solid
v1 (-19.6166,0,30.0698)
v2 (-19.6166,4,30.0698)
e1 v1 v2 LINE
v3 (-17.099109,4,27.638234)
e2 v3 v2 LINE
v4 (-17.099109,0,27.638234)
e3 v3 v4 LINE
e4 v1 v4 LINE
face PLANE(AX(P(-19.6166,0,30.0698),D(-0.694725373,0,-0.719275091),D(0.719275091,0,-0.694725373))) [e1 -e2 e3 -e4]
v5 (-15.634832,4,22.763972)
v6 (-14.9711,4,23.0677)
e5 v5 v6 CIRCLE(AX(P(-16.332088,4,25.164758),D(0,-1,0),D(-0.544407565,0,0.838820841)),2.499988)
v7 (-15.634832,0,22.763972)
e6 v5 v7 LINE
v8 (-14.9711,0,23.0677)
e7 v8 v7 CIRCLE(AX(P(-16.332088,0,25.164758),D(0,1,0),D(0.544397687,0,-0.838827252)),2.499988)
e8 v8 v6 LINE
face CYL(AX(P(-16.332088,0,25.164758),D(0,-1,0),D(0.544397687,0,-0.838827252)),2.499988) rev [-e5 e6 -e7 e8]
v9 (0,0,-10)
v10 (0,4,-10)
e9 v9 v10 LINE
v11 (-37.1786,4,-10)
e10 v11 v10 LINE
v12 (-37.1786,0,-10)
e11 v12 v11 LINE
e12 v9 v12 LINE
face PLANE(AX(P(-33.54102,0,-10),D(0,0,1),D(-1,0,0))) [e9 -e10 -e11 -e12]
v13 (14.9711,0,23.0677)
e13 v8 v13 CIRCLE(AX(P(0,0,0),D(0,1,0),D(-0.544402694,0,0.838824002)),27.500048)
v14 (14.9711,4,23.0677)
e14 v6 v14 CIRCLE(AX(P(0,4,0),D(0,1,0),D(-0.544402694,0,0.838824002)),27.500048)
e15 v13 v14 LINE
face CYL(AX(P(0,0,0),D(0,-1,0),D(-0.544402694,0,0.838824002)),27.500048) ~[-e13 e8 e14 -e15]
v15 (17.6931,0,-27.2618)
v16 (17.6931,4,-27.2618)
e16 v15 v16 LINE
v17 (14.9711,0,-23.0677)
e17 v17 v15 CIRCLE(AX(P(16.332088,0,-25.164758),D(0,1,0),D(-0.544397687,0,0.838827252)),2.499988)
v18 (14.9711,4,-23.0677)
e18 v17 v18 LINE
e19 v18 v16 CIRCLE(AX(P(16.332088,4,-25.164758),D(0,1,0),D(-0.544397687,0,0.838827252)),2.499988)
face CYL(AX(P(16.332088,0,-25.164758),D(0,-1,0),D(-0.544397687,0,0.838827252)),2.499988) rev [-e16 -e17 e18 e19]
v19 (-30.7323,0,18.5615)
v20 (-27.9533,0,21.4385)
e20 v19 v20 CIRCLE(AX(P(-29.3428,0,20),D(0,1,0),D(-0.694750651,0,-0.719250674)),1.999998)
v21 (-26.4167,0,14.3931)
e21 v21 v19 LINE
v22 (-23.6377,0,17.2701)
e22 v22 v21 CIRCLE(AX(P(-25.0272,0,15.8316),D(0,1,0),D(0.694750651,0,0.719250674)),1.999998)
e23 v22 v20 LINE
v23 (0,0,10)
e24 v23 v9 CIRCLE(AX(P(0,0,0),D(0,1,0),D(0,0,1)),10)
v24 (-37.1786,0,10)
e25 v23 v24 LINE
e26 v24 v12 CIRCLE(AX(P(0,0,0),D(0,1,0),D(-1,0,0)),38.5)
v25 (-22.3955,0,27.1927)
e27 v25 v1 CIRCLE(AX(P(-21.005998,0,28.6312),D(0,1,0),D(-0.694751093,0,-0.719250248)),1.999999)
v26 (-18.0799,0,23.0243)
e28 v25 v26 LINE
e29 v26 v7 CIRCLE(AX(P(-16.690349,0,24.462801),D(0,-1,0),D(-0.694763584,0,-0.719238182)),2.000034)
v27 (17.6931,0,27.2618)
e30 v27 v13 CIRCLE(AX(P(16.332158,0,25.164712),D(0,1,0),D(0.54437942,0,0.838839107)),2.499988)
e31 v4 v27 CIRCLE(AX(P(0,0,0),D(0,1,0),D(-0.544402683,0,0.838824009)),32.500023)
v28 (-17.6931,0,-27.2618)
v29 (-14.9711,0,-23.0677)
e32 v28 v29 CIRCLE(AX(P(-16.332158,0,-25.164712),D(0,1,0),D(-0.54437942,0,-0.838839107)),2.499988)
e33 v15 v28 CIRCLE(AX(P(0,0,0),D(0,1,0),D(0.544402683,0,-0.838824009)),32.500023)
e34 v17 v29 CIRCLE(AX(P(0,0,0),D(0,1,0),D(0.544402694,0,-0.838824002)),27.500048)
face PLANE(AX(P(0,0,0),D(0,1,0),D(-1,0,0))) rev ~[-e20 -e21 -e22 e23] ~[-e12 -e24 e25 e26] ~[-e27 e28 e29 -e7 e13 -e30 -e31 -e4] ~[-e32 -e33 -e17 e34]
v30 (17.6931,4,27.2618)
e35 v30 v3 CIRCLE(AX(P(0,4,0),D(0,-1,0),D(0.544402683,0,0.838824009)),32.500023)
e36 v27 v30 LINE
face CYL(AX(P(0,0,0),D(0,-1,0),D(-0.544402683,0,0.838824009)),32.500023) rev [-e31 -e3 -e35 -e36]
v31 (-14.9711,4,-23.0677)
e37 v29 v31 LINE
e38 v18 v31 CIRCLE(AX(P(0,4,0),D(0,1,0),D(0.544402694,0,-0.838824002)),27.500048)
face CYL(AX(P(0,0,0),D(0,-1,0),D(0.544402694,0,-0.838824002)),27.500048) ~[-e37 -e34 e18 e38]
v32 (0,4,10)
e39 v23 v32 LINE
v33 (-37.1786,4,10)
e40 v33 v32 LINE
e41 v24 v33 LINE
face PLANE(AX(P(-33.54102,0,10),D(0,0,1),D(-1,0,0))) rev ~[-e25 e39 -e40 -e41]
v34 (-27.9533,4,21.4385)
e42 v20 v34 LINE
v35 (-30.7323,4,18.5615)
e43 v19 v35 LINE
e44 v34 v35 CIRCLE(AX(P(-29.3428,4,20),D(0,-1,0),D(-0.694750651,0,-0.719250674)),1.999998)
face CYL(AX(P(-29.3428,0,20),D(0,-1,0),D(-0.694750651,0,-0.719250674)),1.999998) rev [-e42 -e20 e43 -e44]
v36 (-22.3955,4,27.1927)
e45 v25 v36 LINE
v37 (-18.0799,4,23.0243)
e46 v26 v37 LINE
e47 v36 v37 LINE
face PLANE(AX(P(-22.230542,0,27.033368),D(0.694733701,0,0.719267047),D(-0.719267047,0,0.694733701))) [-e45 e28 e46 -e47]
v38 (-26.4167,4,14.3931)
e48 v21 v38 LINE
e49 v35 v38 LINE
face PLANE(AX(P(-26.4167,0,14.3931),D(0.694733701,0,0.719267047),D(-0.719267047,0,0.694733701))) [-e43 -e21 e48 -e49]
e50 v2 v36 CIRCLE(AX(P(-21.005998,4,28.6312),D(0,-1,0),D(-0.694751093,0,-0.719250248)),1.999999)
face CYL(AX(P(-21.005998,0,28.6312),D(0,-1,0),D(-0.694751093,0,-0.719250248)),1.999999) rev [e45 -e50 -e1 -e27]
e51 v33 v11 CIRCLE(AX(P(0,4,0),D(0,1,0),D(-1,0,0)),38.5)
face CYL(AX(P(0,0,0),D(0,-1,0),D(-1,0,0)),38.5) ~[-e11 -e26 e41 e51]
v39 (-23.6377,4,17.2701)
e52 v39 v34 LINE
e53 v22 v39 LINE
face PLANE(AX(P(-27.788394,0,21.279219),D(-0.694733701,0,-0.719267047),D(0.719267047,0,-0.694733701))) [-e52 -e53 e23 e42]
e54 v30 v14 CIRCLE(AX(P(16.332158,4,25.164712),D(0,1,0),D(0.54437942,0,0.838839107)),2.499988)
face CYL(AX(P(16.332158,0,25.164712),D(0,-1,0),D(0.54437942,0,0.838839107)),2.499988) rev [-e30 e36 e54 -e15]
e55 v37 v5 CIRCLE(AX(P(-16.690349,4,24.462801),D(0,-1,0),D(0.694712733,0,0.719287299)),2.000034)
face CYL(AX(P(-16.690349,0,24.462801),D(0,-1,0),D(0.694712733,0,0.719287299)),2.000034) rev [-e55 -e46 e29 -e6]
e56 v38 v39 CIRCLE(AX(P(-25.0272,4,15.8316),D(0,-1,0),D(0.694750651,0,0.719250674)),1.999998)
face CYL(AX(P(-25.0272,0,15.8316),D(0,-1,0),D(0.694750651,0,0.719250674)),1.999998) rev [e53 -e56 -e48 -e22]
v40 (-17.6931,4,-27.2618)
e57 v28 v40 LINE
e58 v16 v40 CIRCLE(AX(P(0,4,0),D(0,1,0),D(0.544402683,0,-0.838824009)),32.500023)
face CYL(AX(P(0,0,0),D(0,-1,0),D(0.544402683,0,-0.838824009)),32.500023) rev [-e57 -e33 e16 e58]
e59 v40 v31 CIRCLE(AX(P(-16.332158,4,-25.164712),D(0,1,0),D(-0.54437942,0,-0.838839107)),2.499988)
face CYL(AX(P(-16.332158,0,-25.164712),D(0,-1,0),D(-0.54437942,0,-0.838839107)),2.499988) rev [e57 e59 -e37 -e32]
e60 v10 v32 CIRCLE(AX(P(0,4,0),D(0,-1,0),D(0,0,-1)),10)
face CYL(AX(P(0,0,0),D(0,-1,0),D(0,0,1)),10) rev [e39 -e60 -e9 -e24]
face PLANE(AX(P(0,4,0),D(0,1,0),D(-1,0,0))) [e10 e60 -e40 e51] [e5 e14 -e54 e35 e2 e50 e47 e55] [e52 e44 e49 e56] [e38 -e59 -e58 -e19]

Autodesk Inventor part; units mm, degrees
ref_plane "YZ Plane" through (0, 0, 0) normal (1, 0, 0) x (0, 1, 0)
ref_plane "XZ Plane" through (0, 0, 0) normal (0, 1, 0) x (-1, 0, 0)
ref_plane "XY Plane" through (0, 0, 0) normal (0, 0, 1) x (1, 0, 0)
sketch "Sketch1" plane through (0, 0, 0) normal (0, 1, 0) x (-1, 0, 0)
  circle A0 centre (0, 0) radius 38.5
  line L0 (0, 10) -> (0, -10)
  arc A1 (0, 10) -> (0, -10) centre (0, 0) ccw
  line L1 (0, -10) -> (37.1786, -10)
  line L2 (0, 10) -> (37.1786, 10)
  arc A2 (-16.3321, -25.1647) -> (16.3321, -25.1647) centre (0, 0) ccw construction
  arc A3 (-17.6931, -27.2618) -> (17.6931, -27.2618) centre (0, 0) ccw
  arc A4 (-14.9711, -23.0677) -> (14.9711, -23.0677) centre (0, 0) ccw
  arc A5 (-14.9711, -23.0677) -> (-17.6931, -27.2618) centre (-16.3321, -25.1647) ccw
  arc A6 (17.6931, -27.2618) -> (14.9711, -23.0677) centre (16.3321, -25.1647) ccw
  line L3 (16.3321, -25.1647) -> (0, 0)
  line L4 (0, 0) -> (-16.3321, -25.1647)
  arc A7 (17.6931, 27.2618) -> (-17.6931, 27.2618) centre (0, 0) ccw
  arc A8 (14.9711, 23.0677) -> (-14.9711, 23.0677) centre (0, 0) ccw
  arc A9 (14.9711, 23.0677) -> (17.6931, 27.2618) centre (16.3321, 25.1647) ccw
  arc A10 (-17.6931, 27.2618) -> (-14.9711, 23.0677) centre (-16.3321, 25.1647) ccw
  line L5 (29.3428, 20) -> (21.006, 28.6312)
  circle A11 centre (0, 0) radius 35
  line L6 (29.3428, 20) -> (25.0272, 15.8316) construction
  line L7 (27.9533, 21.4385) -> (23.6377, 17.2701)
  line L8 (26.4167, 14.3931) -> (30.7323, 18.5615)
  arc A12 (30.7323, 18.5615) -> (27.9533, 21.4385) centre (29.3428, 20) ccw
  arc A13 (23.6377, 17.2701) -> (26.4167, 14.3931) centre (25.0272, 15.8316) ccw
  line L9 (21.006, 28.6312) -> (16.6904, 24.4628) construction
  line L10 (19.6166, 30.0698) -> (15.3009, 25.9014)
  line L11 (18.0799, 23.0243) -> (22.3955, 27.1927)
  arc A14 (22.3955, 27.1927) -> (19.6166, 30.0698) centre (21.006, 28.6312) ccw
  arc A15 (15.3009, 25.9014) -> (18.0799, 23.0243) centre (16.6904, 24.4628) ccw
  point P0 (-10, 0)
  point P1 (25.1744, 24.3156)
  point P2 (27.185, 17.9158)
  point P3 (18.8482, 26.547)
  dimension "d49" = 70
  dimension "d7" = 20
  dimension "d10" = 77
  dimension "d13" = 5
  dimension "PorvedoRogzitesJatekSugara" = 30
  dimension "d25" = 65.968
  dimension "d26" = 32.984
  dimension "d29" = 360
  dimension "d45" = 12
  dimension "d52" = 6
  dimension "d53" = 10
  dimension "d54" = 2
  dimension "d55" = 2
  dimension "d56" = 6
  dimension "d57" = 6
ref_plane "Work Plane1" through (0, 0, 10) normal (-1, 0, 0) x (0, 0, -1)
ref_plane "Work Plane2" through (0, 3, 0) normal (0, 1, 0) x (1, 0, 0)
extrude "Extrusion5" add sketch "Sketch1" along normal blind 4 contours L2 A11 L8 A12 L5 A14 L10 L1 A0 | L2 A1 L4 A5 A3 A6 L3 L1 A11 L10 A7 A10 A8 A9 A15 L11 L7 A13 L8 | L8 A13 L7 A11 | A11 L7 A12 L8 | L3 A4 L4 A1 L1 | L10 A14 L11 A11 | A11 L11 A15 A9 A7 L10 | A11 L5 L7 | L11 L5 A11
extrude "Extrusion8" cut sketch "Sketch1" along normal blind 10 contours L8 A13 L7 A11 | A11 L7 A12 L8 | L10 A14 L11 A11 | A11 L11 A15 A9 A7 L10 | A7 A9 A15 L10
equation "\"d10\" = KulsoAtmeroPVCcso - 2 * PVCfalVastagsag"
equation "\"d26\" = 0.5 * d25"
equation "\"d55\" = d54"
equation "\"d57\" = d56"
equation "\"KulsoAtmeroPVCcso\" = 91"
equation "\"PVCfalVastagsag\" = 7"
properties part number "PorvedoRogzitesAVazhoz" material "Polycarbonate, Clear"
